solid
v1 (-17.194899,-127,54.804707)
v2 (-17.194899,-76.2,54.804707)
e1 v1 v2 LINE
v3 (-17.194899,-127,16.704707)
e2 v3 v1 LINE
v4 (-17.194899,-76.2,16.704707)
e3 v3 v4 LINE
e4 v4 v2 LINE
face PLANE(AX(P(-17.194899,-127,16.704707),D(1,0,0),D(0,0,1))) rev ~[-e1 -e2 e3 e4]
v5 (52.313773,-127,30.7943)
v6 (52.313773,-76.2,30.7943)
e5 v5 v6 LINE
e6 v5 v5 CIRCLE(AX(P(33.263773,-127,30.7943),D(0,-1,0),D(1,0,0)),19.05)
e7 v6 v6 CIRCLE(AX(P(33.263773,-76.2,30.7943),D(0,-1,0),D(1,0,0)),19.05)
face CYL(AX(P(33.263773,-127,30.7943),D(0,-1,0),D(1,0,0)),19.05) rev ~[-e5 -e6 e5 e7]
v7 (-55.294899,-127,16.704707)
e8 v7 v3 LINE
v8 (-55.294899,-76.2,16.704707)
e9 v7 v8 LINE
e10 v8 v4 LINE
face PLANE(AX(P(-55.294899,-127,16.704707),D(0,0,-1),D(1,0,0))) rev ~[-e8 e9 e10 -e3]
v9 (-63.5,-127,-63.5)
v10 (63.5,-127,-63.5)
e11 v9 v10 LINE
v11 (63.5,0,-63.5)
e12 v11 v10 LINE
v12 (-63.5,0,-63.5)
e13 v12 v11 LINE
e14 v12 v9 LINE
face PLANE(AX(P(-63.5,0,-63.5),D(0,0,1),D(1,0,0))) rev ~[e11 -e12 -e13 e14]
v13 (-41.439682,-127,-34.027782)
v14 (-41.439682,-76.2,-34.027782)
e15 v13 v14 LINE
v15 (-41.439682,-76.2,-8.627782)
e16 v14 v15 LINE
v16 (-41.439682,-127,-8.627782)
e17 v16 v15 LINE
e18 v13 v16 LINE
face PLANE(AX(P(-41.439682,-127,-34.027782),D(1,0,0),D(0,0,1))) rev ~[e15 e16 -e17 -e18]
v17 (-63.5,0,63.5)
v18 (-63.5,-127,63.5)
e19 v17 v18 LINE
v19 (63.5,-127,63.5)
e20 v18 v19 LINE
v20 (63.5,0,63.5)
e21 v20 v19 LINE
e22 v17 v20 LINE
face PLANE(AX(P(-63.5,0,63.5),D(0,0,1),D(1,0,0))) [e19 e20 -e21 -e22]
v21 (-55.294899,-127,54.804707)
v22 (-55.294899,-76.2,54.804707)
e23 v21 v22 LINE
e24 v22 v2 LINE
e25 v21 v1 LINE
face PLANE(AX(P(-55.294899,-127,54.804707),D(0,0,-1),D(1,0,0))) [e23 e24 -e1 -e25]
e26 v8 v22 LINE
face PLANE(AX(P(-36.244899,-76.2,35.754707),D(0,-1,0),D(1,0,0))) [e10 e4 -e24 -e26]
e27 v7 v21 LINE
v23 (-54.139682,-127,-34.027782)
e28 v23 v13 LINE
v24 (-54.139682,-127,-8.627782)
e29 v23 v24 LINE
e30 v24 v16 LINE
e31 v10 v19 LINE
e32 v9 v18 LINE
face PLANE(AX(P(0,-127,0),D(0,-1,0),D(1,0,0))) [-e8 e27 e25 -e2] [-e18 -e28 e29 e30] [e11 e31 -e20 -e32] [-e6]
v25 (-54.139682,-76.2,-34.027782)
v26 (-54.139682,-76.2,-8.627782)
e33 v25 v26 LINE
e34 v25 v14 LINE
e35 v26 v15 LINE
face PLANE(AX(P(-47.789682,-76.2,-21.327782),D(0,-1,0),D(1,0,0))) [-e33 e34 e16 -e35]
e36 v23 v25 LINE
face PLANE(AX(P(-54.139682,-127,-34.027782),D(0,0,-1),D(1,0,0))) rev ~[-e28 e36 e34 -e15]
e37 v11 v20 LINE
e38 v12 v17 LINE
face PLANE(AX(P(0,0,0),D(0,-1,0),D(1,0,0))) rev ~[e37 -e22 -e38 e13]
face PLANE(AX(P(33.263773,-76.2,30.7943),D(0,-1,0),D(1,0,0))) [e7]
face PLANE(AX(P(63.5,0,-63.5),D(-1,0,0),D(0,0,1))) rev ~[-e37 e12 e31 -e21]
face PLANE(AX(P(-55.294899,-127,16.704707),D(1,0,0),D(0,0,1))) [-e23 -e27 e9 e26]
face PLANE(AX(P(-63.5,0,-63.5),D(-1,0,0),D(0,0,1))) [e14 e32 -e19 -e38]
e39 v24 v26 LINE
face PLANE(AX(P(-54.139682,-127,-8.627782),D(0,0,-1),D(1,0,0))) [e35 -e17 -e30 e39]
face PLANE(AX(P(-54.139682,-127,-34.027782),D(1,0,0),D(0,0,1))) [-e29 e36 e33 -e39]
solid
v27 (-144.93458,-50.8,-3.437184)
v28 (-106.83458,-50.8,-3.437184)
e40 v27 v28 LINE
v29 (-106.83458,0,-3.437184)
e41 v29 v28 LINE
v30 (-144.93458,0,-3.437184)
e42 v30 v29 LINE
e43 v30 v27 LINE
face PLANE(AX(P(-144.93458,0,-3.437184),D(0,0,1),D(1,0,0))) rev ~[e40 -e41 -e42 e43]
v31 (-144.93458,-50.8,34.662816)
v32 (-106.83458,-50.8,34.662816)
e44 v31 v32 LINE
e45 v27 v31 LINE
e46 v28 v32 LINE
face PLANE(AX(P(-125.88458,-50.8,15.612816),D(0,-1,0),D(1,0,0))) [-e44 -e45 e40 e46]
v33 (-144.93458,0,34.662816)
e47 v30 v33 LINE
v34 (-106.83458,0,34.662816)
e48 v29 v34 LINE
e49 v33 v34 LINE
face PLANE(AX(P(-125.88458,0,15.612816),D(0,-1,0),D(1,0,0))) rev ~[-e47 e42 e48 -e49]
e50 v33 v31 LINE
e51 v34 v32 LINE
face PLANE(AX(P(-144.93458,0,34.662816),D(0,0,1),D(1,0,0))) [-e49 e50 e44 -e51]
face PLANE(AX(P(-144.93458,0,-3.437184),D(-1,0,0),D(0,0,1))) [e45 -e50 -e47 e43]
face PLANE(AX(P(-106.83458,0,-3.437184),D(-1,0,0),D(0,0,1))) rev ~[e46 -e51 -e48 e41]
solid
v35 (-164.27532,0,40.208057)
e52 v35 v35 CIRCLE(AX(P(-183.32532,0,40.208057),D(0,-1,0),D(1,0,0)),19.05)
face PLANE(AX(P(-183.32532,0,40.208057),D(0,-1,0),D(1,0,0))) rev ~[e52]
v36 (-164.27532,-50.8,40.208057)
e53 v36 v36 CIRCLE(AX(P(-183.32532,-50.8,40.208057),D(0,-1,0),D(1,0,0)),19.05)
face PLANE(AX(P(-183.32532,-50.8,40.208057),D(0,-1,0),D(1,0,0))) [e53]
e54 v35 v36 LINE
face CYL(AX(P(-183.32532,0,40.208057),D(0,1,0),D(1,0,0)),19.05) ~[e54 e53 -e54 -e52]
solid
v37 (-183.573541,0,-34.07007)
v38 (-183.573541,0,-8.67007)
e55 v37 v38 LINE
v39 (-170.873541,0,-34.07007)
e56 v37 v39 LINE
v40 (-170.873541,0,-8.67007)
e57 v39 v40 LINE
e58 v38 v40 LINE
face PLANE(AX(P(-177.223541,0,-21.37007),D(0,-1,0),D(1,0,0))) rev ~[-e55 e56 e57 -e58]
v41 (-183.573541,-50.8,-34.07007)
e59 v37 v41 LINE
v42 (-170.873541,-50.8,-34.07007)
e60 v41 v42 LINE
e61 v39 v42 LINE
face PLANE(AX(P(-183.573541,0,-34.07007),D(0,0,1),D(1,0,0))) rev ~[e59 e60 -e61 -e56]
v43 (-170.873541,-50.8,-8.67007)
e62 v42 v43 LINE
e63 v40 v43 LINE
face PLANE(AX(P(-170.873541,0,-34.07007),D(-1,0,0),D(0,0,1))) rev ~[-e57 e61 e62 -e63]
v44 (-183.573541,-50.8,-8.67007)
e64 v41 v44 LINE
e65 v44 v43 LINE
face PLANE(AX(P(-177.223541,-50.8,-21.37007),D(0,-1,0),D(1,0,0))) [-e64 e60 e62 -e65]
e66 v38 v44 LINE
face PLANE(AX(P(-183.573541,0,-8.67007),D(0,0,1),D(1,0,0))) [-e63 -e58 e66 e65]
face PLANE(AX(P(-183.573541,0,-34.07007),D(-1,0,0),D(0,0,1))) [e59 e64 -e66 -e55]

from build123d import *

# Parameters (mm, degrees)
F0_W      = 127
F0_H      = 127
F1_DEPTH  = 127
F2_W      = 38.1
F2_H      = 38.1
F3_DEPTH  = 50.8
F4_R      = 19.05
F5_DEPTH  = 50.8
F6_W      = 12.7
F6_H      = 25.4
F7_DEPTH  = 50.8
F8_W      = 38.1
F8_H      = 38.1
F5_FACE_R = 19.05
F9_DEPTH  = 50.8
F10_DEPTH = 50.8
F11_R     = 19.05
F12_DEPTH = 50.8
F13_W     = 12.7
F13_H     = 25.4
F14_DEPTH = 50.8


with BuildPart() as f1:
    # F0 (on Front) → F1 (new body)
    with BuildSketch(Plane.XZ):
        Rectangle(F0_W, F0_H)
    extrude(amount=F1_DEPTH)

    # F2 (on face) → F3 (cut)
    with BuildSketch(Plane.XZ.offset(127)):
        with Locations((-36.2448990345, 35.754707144)):
            Rectangle(F2_W, F2_H)
    extrude(amount=-F3_DEPTH, mode=Mode.SUBTRACT)

    # F4 (on face) → F5 (cut)
    with BuildSketch(Plane.XZ.offset(127)):
        with Locations((33.2637727261, 30.794300139)):
            Circle(F4_R)
    extrude(amount=-F5_DEPTH, mode=Mode.SUBTRACT)

    # F6 (on face) → F7 (cut)
    with BuildSketch(Plane.XZ.offset(127)):
        with Locations((-47.789681504, -21.3277824223)):
            Rectangle(F6_W, F6_H)
    extrude(amount=-F7_DEPTH, mode=Mode.SUBTRACT)


with BuildPart() as f9:
    # F8 (on Front) + F5_face (on face) → F9 (new body)
    with BuildSketch(Plane.XZ):
        with Locations((-125.88457973, 15.6128162026)):
            Rectangle(F8_W, F8_H)
    with BuildSketch(Plane(origin=(33.2637727261, -76.2, 30.794300139), x_dir=(1, 0, 0), z_dir=(0, -1, 0))):
        Circle(F5_FACE_R)
    extrude(amount=F9_DEPTH)

    # F10 (cut): a face of the model
    f10_faces = [f9.faces().sort_by_distance(p)[0] for p in [
        (33.2637727261, -127, 30.794300139),
    ]]
    extrude(f10_faces, amount=-F10_DEPTH, mode=Mode.SUBTRACT)


with BuildPart() as f12:
    # F11 (on Front) → F12 (new body)
    with BuildSketch(Plane.XZ):
        with Locations((-183.3253204823, 40.2080565691)):
            Circle(F11_R)
    extrude(amount=F12_DEPTH)


with BuildPart() as f14:
    # F13 (on Front) → F14 (new body)
    with BuildSketch(Plane.XZ):
        with Locations((-177.2235408425, -21.3700703451)):
            Rectangle(F13_W, F13_H)
    extrude(amount=F14_DEPTH)


solid = Compound([f1.part, f9.part, f12.part, f14.part])
